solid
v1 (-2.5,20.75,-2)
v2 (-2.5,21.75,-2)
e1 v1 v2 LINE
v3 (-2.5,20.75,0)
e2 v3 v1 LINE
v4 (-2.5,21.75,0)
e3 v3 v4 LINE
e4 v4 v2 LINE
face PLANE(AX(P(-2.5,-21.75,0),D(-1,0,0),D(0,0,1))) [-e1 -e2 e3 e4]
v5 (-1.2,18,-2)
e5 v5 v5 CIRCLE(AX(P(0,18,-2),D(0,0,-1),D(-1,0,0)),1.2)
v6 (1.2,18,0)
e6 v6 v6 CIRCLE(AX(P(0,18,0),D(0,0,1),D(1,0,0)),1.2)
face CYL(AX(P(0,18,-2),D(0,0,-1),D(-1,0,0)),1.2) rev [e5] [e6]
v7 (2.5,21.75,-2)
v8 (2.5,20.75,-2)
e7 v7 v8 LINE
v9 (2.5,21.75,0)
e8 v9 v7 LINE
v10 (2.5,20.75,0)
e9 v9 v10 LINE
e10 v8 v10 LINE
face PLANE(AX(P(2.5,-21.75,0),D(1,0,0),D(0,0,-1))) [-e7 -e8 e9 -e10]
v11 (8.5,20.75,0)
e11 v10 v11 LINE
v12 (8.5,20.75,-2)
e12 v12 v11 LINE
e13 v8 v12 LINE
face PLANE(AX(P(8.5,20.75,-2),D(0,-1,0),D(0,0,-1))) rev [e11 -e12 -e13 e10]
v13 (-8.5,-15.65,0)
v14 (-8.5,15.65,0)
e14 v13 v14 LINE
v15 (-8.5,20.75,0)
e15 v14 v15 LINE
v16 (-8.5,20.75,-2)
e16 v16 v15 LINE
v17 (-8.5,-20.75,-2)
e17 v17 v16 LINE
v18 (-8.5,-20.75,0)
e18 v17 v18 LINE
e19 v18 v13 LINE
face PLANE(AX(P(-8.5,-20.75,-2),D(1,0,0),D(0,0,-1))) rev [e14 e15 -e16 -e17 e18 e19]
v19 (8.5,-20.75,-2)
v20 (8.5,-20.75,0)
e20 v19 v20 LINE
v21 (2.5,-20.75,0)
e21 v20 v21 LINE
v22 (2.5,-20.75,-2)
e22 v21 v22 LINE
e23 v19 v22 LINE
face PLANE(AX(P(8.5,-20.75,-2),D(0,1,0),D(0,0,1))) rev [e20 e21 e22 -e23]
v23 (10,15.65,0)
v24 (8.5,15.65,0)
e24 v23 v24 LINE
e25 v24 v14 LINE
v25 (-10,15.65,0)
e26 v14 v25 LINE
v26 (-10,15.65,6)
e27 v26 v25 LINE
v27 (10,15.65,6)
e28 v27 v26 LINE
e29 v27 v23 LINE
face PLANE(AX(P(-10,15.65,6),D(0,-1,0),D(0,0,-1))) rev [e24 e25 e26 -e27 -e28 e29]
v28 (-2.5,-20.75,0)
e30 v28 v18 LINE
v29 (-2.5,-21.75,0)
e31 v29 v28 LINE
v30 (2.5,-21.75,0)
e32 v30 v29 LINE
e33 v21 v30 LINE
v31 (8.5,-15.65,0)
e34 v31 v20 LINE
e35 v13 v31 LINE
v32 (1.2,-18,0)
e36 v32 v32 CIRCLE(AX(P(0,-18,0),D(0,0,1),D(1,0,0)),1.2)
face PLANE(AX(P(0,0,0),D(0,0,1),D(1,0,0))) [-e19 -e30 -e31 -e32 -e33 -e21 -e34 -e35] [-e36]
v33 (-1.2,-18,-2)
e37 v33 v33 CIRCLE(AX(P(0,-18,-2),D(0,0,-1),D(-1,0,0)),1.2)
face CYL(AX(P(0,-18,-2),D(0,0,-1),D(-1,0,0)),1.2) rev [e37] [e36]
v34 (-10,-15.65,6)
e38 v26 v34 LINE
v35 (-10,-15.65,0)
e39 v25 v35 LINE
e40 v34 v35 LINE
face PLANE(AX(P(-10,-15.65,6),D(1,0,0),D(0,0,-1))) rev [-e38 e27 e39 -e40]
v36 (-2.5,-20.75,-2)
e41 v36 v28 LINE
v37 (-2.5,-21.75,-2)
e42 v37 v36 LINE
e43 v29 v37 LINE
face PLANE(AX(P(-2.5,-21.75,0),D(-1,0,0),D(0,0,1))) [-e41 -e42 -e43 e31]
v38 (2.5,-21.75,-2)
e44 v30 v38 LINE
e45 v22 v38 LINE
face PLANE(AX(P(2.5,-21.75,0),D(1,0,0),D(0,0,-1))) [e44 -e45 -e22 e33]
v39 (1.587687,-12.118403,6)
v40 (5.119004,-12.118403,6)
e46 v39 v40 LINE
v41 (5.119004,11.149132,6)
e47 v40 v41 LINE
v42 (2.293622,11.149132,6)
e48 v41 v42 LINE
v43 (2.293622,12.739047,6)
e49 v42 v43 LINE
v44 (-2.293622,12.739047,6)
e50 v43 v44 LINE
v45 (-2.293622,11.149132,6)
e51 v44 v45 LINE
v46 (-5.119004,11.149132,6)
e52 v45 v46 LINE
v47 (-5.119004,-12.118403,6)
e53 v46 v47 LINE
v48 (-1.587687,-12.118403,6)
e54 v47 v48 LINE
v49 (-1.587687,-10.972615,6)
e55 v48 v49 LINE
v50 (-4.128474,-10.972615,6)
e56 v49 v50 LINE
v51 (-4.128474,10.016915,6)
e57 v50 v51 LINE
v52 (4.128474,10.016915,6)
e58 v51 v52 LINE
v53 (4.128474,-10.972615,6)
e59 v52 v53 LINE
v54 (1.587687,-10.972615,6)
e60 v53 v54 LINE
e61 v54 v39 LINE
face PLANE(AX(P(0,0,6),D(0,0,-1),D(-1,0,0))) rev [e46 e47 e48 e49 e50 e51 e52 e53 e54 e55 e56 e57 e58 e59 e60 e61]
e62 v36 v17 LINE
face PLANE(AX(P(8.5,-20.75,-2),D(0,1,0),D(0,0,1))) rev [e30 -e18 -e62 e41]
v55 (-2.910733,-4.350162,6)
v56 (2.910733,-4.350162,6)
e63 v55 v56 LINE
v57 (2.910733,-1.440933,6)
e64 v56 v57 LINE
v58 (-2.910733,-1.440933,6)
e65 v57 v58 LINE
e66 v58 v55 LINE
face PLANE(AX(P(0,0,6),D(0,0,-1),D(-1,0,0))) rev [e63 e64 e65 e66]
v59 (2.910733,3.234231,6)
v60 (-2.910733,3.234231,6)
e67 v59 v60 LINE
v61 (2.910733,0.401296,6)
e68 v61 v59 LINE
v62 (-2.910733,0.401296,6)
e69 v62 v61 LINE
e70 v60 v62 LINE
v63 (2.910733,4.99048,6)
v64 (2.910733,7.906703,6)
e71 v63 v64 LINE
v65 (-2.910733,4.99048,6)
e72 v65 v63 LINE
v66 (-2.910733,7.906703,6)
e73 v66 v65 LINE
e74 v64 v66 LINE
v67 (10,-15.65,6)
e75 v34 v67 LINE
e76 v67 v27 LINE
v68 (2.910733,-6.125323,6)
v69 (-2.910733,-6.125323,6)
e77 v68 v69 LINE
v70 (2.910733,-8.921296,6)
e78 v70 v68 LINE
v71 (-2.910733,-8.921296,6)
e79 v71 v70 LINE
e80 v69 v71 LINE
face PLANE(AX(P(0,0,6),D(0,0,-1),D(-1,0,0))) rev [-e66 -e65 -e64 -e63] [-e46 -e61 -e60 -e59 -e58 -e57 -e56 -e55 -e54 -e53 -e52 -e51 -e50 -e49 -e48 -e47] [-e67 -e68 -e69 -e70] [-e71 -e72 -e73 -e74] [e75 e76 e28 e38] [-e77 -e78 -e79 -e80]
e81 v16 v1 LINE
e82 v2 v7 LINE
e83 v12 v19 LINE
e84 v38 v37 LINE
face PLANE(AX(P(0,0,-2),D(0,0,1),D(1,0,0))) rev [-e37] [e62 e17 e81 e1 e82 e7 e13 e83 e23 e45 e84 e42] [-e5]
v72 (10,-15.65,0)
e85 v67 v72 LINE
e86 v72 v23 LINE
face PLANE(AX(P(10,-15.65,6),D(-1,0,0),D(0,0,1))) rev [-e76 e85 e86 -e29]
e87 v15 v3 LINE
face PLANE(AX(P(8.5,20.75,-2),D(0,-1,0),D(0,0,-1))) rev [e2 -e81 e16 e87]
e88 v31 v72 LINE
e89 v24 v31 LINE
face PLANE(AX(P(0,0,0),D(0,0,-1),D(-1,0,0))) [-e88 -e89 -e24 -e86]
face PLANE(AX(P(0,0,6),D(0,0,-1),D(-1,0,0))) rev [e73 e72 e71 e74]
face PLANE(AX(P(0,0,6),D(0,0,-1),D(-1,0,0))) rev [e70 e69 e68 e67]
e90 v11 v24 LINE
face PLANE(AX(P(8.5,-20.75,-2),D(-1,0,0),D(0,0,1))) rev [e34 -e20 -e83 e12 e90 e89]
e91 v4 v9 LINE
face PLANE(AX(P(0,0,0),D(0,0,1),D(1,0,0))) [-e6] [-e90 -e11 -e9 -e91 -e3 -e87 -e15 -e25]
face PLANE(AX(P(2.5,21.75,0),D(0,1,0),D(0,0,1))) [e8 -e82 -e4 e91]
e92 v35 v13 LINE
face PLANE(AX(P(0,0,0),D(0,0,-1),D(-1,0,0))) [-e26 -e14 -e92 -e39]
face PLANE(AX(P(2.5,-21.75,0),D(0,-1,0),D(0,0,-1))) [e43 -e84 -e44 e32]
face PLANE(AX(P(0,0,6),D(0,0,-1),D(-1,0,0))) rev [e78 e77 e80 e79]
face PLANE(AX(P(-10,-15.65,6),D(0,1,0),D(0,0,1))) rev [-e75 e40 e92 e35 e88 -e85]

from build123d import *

# Parameters (mm, degrees)
SKETCH1_W                = 20
SKETCH1_H                = 31.3
BOSS_EXTRUDE1_DEPTH      = 6
SKETCH2_W                = 17
SKETCH2_H                = 41.5
BOSS_EXTRUDE2_DEPTH      = 2
SKETCH3_W                = 5
SKETCH3_H                = 43.5
BOSS_EXTRUDE3_DEPTH      = 2
M2_CLEARANCE_HOLE1_D     = 2.4
M2_CLEARANCE_HOLE1_DEPTH = 2


with BuildPart() as part:
    # Sketch1 → Boss-Extrude1 (new body)
    with BuildSketch(Plane.XY):
        Rectangle(SKETCH1_W, SKETCH1_H)
    extrude(amount=BOSS_EXTRUDE1_DEPTH)

    # Sketch2 → Boss-Extrude2 (add)
    with BuildSketch(Plane(origin=(0, 0, 0), x_dir=(-1, 0, 0), z_dir=(0, 0, -1))):
        Rectangle(SKETCH2_W, SKETCH2_H)
    extrude(amount=BOSS_EXTRUDE2_DEPTH)

    # Sketch3 → Boss-Extrude3 (add)
    with BuildSketch(Plane(origin=(0, 0, -2), x_dir=(-1, 0, 0), z_dir=(0, 0, -1))):
        Rectangle(SKETCH3_W, SKETCH3_H)
    extrude(amount=-BOSS_EXTRUDE3_DEPTH)

    # M2 Clearance Hole1
    with Locations(Plane(origin=(0, 0, -2), x_dir=(-1, 0, 0), z_dir=(0, 0, -1))):
        with Locations((0, 18), (0, -18)):
            Hole(M2_CLEARANCE_HOLE1_D / 2, depth=M2_CLEARANCE_HOLE1_DEPTH)


solid = part.part
